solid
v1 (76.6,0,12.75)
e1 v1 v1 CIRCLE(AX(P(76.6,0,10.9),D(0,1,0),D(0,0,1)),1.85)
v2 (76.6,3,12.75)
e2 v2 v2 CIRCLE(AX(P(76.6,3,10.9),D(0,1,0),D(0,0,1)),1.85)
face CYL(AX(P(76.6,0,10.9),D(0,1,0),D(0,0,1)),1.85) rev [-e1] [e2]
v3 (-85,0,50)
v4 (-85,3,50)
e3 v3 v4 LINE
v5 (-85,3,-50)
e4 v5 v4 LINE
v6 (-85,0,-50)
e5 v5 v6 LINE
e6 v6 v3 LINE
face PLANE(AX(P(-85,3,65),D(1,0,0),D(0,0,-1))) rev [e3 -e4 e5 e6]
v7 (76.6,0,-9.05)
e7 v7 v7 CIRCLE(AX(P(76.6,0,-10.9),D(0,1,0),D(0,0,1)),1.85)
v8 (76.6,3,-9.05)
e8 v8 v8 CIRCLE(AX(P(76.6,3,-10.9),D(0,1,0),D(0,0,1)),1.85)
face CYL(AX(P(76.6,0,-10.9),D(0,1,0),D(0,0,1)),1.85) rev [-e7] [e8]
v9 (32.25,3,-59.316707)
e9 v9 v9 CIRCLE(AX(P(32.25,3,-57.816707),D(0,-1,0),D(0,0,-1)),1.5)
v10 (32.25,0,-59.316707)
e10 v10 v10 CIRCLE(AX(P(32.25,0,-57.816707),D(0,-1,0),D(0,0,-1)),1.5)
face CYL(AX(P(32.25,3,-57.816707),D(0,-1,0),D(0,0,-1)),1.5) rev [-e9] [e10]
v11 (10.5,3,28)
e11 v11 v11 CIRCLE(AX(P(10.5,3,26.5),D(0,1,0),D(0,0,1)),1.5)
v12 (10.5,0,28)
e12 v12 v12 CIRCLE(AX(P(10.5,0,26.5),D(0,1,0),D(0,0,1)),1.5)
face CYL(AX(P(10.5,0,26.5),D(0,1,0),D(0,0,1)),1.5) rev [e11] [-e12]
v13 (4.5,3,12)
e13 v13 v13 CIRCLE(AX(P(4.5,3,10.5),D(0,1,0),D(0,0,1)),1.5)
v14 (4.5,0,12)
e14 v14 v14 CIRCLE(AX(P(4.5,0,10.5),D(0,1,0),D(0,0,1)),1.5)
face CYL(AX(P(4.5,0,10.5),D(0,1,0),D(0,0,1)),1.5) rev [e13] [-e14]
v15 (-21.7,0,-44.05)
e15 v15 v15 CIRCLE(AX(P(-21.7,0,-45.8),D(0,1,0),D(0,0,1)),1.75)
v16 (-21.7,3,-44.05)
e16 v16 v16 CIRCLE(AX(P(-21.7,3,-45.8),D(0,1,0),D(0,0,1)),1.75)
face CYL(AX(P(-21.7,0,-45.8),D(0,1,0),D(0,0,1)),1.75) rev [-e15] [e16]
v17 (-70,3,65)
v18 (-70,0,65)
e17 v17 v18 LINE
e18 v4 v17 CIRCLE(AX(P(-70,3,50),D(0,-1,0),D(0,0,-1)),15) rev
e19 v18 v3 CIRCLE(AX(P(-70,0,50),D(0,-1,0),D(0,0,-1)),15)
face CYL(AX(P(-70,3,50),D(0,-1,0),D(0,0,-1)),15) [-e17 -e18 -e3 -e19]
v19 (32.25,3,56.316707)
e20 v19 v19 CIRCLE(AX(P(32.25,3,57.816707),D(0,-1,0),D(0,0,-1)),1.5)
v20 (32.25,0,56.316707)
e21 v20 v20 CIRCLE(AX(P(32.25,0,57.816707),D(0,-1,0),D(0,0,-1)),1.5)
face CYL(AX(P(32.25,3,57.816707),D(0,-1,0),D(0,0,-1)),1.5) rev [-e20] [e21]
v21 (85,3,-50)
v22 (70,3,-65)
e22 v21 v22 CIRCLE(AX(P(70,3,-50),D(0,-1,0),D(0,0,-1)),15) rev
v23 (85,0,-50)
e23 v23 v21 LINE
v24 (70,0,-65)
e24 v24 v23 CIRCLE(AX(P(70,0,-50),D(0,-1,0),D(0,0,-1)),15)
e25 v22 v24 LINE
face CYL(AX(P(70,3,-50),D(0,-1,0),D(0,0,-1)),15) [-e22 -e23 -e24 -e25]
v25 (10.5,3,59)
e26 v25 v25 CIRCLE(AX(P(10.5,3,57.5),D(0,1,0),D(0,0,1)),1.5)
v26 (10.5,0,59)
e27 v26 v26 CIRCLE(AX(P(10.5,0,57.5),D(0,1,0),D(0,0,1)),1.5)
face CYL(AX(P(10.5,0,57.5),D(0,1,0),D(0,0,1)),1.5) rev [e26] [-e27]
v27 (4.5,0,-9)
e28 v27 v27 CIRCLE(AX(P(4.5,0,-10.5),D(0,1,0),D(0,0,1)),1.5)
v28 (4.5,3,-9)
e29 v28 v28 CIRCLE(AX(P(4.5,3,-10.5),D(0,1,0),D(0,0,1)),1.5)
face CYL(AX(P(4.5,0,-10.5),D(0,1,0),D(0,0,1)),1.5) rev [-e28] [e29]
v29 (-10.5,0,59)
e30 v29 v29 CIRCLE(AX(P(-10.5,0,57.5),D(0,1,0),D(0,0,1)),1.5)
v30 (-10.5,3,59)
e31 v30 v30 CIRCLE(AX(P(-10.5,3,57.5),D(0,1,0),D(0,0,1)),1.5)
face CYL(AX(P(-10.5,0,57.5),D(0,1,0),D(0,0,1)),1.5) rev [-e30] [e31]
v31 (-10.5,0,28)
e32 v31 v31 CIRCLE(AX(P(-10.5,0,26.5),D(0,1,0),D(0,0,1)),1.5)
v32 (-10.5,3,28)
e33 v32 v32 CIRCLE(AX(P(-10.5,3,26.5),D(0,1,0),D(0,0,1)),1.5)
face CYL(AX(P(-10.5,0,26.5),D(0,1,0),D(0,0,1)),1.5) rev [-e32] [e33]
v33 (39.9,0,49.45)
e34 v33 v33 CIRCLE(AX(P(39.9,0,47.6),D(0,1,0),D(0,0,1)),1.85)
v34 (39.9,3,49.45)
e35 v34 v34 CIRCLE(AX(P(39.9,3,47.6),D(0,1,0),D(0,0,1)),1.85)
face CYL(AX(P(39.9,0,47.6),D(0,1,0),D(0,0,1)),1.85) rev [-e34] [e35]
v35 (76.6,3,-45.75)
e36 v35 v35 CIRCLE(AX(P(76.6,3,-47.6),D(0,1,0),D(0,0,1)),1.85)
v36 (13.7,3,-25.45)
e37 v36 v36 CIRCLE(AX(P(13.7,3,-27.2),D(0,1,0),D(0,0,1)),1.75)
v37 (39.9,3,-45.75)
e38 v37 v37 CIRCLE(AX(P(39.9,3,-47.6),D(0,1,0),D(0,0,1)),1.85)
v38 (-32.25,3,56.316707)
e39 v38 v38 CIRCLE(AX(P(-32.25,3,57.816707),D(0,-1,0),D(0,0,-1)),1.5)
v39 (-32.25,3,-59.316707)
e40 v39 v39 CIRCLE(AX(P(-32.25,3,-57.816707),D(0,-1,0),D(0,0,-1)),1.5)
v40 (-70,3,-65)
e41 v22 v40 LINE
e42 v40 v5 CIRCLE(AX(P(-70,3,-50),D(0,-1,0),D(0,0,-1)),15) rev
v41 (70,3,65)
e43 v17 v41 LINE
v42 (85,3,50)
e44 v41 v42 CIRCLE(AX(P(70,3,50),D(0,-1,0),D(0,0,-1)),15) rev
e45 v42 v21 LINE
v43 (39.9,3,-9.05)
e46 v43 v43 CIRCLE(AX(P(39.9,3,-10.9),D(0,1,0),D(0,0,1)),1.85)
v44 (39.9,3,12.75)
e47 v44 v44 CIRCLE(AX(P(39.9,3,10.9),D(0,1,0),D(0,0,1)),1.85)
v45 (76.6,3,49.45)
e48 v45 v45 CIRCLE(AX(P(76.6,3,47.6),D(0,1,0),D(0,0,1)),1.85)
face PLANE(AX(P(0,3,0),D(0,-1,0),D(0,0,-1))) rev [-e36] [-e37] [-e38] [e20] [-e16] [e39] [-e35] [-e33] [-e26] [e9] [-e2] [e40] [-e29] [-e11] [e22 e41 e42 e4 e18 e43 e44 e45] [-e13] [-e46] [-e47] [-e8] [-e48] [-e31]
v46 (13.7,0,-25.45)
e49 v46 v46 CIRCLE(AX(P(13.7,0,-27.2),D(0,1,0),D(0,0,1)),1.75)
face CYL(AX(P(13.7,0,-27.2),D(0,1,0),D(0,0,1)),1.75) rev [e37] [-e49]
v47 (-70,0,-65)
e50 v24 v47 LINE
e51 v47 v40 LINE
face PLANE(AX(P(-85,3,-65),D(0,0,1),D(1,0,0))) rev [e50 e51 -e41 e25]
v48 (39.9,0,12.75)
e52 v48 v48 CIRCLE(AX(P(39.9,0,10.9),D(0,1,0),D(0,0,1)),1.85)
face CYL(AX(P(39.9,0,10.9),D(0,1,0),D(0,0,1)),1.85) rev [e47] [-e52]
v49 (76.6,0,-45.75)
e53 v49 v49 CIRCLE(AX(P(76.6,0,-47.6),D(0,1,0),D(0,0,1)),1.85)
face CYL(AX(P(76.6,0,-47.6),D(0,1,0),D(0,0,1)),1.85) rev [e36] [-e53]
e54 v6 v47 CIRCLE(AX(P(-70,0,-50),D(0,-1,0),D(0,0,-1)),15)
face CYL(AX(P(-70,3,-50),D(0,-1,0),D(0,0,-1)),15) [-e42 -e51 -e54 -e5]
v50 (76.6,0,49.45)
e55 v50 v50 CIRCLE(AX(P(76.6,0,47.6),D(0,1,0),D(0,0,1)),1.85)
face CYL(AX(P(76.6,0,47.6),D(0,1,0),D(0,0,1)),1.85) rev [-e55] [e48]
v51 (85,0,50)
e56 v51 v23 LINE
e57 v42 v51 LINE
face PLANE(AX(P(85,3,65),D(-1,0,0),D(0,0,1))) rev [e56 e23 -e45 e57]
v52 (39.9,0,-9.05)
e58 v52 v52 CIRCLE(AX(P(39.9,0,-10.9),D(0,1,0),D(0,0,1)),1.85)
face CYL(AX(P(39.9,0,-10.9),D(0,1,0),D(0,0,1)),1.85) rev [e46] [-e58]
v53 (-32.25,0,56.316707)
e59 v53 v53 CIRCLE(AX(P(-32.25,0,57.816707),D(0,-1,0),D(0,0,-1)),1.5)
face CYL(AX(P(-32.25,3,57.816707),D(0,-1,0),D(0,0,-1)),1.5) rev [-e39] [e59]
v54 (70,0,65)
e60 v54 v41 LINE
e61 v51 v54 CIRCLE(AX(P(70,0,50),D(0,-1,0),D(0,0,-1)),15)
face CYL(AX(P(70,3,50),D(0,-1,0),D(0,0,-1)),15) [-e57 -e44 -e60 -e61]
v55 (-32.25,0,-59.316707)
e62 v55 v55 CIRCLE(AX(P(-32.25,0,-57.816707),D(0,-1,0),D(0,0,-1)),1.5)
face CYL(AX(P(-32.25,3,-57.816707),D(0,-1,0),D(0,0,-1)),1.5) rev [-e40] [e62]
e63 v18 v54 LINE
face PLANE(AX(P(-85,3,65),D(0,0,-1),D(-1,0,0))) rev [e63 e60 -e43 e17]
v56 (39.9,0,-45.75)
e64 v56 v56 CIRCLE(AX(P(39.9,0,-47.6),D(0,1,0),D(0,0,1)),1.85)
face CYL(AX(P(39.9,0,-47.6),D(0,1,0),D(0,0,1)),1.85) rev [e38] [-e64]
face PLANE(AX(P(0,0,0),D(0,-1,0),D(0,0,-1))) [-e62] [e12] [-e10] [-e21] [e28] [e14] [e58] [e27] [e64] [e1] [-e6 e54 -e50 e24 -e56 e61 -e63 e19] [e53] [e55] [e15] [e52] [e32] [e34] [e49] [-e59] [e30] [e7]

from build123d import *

# Parameters (mm, degrees)
SKETCH2_W           = 170
SKETCH2_H           = 130
BOSS_EXTRUDE1_DEPTH = 3
SKETCH3_R           = 1.5
CUT_EXTRUDE1_DEPTH  = 108.046718773
SKETCH4_R           = 1.75
SKETCH4_R_2         = 1.5
SKETCH4_R_3         = 1.85
CUT_EXTRUDE2_DEPTH  = 108.046718773
FILLET1_R           = 15


with BuildPart() as part:
    # Sketch2 → Boss-Extrude1 (new body)
    with BuildSketch(Plane(origin=(0, 0, 0), x_dir=(1, 0, 0), z_dir=(0, 1, 0))):
        Rectangle(SKETCH2_W, SKETCH2_H)
    extrude(amount=BOSS_EXTRUDE1_DEPTH)

    # Sketch3 → Cut-Extrude1 (cut, through all)
    with BuildSketch(Plane.XZ):
        with Locations((32.25, 57.816706978)):
            Circle(SKETCH3_R)
        with Locations((-32.25, -57.816706978)):
            Circle(SKETCH3_R)
        with Locations((-32.25, 57.816706978)):
            Circle(SKETCH3_R)
        with Locations((32.25, -57.816706978)):
            Circle(SKETCH3_R)
    extrude(amount=-CUT_EXTRUDE1_DEPTH, mode=Mode.SUBTRACT)

    # Sketch4 → Cut-Extrude2 (cut, through all)
    with BuildSketch(Plane(origin=(0, 3, 0), x_dir=(1, 0, 0), z_dir=(0, 1, 0))):
        with Locations((13.7, 27.2)):
            Circle(SKETCH4_R)
        with Locations((-21.7, 45.8)):
            Circle(SKETCH4_R)
        with Locations((-10.5, -26.5)):
            Circle(SKETCH4_R_2)
        with Locations((10.5, -26.5)):
            Circle(SKETCH4_R_2)
        with Locations((10.5, -57.5)):
            Circle(SKETCH4_R_2)
        with Locations((-10.5, -57.5)):
            Circle(SKETCH4_R_2)
        with Locations((76.6, -10.9)):
            Circle(SKETCH4_R_3)
        with Locations((76.6, -47.6)):
            Circle(SKETCH4_R_3)
        with Locations((39.9, -47.6)):
            Circle(SKETCH4_R_3)
        with Locations((39.9, -10.9)):
            Circle(SKETCH4_R_3)
        with Locations((39.9, 47.6)):
            Circle(SKETCH4_R_3)
        with Locations((76.6, 47.6)):
            Circle(SKETCH4_R_3)
        with Locations((76.6, 10.9)):
            Circle(SKETCH4_R_3)
        with Locations((39.9, 10.9)):
            Circle(SKETCH4_R_3)
        with Locations((4.5, -10.5)):
            Circle(SKETCH4_R_2)
        with Locations((4.5, 10.5)):
            Circle(SKETCH4_R_2)
    extrude(amount=-CUT_EXTRUDE2_DEPTH, mode=Mode.SUBTRACT)

    # Fillet1
    fillet1_edges = [part.edges().sort_by_distance(p)[0] for p in [
        (-85, 1.5, 65),
        (85, 1.5, 65),
        (85, 1.5, -65),
        (-85, 1.5, -65),
    ]]
    fillet(fillet1_edges, radius=FILLET1_R)


solid = part.part
